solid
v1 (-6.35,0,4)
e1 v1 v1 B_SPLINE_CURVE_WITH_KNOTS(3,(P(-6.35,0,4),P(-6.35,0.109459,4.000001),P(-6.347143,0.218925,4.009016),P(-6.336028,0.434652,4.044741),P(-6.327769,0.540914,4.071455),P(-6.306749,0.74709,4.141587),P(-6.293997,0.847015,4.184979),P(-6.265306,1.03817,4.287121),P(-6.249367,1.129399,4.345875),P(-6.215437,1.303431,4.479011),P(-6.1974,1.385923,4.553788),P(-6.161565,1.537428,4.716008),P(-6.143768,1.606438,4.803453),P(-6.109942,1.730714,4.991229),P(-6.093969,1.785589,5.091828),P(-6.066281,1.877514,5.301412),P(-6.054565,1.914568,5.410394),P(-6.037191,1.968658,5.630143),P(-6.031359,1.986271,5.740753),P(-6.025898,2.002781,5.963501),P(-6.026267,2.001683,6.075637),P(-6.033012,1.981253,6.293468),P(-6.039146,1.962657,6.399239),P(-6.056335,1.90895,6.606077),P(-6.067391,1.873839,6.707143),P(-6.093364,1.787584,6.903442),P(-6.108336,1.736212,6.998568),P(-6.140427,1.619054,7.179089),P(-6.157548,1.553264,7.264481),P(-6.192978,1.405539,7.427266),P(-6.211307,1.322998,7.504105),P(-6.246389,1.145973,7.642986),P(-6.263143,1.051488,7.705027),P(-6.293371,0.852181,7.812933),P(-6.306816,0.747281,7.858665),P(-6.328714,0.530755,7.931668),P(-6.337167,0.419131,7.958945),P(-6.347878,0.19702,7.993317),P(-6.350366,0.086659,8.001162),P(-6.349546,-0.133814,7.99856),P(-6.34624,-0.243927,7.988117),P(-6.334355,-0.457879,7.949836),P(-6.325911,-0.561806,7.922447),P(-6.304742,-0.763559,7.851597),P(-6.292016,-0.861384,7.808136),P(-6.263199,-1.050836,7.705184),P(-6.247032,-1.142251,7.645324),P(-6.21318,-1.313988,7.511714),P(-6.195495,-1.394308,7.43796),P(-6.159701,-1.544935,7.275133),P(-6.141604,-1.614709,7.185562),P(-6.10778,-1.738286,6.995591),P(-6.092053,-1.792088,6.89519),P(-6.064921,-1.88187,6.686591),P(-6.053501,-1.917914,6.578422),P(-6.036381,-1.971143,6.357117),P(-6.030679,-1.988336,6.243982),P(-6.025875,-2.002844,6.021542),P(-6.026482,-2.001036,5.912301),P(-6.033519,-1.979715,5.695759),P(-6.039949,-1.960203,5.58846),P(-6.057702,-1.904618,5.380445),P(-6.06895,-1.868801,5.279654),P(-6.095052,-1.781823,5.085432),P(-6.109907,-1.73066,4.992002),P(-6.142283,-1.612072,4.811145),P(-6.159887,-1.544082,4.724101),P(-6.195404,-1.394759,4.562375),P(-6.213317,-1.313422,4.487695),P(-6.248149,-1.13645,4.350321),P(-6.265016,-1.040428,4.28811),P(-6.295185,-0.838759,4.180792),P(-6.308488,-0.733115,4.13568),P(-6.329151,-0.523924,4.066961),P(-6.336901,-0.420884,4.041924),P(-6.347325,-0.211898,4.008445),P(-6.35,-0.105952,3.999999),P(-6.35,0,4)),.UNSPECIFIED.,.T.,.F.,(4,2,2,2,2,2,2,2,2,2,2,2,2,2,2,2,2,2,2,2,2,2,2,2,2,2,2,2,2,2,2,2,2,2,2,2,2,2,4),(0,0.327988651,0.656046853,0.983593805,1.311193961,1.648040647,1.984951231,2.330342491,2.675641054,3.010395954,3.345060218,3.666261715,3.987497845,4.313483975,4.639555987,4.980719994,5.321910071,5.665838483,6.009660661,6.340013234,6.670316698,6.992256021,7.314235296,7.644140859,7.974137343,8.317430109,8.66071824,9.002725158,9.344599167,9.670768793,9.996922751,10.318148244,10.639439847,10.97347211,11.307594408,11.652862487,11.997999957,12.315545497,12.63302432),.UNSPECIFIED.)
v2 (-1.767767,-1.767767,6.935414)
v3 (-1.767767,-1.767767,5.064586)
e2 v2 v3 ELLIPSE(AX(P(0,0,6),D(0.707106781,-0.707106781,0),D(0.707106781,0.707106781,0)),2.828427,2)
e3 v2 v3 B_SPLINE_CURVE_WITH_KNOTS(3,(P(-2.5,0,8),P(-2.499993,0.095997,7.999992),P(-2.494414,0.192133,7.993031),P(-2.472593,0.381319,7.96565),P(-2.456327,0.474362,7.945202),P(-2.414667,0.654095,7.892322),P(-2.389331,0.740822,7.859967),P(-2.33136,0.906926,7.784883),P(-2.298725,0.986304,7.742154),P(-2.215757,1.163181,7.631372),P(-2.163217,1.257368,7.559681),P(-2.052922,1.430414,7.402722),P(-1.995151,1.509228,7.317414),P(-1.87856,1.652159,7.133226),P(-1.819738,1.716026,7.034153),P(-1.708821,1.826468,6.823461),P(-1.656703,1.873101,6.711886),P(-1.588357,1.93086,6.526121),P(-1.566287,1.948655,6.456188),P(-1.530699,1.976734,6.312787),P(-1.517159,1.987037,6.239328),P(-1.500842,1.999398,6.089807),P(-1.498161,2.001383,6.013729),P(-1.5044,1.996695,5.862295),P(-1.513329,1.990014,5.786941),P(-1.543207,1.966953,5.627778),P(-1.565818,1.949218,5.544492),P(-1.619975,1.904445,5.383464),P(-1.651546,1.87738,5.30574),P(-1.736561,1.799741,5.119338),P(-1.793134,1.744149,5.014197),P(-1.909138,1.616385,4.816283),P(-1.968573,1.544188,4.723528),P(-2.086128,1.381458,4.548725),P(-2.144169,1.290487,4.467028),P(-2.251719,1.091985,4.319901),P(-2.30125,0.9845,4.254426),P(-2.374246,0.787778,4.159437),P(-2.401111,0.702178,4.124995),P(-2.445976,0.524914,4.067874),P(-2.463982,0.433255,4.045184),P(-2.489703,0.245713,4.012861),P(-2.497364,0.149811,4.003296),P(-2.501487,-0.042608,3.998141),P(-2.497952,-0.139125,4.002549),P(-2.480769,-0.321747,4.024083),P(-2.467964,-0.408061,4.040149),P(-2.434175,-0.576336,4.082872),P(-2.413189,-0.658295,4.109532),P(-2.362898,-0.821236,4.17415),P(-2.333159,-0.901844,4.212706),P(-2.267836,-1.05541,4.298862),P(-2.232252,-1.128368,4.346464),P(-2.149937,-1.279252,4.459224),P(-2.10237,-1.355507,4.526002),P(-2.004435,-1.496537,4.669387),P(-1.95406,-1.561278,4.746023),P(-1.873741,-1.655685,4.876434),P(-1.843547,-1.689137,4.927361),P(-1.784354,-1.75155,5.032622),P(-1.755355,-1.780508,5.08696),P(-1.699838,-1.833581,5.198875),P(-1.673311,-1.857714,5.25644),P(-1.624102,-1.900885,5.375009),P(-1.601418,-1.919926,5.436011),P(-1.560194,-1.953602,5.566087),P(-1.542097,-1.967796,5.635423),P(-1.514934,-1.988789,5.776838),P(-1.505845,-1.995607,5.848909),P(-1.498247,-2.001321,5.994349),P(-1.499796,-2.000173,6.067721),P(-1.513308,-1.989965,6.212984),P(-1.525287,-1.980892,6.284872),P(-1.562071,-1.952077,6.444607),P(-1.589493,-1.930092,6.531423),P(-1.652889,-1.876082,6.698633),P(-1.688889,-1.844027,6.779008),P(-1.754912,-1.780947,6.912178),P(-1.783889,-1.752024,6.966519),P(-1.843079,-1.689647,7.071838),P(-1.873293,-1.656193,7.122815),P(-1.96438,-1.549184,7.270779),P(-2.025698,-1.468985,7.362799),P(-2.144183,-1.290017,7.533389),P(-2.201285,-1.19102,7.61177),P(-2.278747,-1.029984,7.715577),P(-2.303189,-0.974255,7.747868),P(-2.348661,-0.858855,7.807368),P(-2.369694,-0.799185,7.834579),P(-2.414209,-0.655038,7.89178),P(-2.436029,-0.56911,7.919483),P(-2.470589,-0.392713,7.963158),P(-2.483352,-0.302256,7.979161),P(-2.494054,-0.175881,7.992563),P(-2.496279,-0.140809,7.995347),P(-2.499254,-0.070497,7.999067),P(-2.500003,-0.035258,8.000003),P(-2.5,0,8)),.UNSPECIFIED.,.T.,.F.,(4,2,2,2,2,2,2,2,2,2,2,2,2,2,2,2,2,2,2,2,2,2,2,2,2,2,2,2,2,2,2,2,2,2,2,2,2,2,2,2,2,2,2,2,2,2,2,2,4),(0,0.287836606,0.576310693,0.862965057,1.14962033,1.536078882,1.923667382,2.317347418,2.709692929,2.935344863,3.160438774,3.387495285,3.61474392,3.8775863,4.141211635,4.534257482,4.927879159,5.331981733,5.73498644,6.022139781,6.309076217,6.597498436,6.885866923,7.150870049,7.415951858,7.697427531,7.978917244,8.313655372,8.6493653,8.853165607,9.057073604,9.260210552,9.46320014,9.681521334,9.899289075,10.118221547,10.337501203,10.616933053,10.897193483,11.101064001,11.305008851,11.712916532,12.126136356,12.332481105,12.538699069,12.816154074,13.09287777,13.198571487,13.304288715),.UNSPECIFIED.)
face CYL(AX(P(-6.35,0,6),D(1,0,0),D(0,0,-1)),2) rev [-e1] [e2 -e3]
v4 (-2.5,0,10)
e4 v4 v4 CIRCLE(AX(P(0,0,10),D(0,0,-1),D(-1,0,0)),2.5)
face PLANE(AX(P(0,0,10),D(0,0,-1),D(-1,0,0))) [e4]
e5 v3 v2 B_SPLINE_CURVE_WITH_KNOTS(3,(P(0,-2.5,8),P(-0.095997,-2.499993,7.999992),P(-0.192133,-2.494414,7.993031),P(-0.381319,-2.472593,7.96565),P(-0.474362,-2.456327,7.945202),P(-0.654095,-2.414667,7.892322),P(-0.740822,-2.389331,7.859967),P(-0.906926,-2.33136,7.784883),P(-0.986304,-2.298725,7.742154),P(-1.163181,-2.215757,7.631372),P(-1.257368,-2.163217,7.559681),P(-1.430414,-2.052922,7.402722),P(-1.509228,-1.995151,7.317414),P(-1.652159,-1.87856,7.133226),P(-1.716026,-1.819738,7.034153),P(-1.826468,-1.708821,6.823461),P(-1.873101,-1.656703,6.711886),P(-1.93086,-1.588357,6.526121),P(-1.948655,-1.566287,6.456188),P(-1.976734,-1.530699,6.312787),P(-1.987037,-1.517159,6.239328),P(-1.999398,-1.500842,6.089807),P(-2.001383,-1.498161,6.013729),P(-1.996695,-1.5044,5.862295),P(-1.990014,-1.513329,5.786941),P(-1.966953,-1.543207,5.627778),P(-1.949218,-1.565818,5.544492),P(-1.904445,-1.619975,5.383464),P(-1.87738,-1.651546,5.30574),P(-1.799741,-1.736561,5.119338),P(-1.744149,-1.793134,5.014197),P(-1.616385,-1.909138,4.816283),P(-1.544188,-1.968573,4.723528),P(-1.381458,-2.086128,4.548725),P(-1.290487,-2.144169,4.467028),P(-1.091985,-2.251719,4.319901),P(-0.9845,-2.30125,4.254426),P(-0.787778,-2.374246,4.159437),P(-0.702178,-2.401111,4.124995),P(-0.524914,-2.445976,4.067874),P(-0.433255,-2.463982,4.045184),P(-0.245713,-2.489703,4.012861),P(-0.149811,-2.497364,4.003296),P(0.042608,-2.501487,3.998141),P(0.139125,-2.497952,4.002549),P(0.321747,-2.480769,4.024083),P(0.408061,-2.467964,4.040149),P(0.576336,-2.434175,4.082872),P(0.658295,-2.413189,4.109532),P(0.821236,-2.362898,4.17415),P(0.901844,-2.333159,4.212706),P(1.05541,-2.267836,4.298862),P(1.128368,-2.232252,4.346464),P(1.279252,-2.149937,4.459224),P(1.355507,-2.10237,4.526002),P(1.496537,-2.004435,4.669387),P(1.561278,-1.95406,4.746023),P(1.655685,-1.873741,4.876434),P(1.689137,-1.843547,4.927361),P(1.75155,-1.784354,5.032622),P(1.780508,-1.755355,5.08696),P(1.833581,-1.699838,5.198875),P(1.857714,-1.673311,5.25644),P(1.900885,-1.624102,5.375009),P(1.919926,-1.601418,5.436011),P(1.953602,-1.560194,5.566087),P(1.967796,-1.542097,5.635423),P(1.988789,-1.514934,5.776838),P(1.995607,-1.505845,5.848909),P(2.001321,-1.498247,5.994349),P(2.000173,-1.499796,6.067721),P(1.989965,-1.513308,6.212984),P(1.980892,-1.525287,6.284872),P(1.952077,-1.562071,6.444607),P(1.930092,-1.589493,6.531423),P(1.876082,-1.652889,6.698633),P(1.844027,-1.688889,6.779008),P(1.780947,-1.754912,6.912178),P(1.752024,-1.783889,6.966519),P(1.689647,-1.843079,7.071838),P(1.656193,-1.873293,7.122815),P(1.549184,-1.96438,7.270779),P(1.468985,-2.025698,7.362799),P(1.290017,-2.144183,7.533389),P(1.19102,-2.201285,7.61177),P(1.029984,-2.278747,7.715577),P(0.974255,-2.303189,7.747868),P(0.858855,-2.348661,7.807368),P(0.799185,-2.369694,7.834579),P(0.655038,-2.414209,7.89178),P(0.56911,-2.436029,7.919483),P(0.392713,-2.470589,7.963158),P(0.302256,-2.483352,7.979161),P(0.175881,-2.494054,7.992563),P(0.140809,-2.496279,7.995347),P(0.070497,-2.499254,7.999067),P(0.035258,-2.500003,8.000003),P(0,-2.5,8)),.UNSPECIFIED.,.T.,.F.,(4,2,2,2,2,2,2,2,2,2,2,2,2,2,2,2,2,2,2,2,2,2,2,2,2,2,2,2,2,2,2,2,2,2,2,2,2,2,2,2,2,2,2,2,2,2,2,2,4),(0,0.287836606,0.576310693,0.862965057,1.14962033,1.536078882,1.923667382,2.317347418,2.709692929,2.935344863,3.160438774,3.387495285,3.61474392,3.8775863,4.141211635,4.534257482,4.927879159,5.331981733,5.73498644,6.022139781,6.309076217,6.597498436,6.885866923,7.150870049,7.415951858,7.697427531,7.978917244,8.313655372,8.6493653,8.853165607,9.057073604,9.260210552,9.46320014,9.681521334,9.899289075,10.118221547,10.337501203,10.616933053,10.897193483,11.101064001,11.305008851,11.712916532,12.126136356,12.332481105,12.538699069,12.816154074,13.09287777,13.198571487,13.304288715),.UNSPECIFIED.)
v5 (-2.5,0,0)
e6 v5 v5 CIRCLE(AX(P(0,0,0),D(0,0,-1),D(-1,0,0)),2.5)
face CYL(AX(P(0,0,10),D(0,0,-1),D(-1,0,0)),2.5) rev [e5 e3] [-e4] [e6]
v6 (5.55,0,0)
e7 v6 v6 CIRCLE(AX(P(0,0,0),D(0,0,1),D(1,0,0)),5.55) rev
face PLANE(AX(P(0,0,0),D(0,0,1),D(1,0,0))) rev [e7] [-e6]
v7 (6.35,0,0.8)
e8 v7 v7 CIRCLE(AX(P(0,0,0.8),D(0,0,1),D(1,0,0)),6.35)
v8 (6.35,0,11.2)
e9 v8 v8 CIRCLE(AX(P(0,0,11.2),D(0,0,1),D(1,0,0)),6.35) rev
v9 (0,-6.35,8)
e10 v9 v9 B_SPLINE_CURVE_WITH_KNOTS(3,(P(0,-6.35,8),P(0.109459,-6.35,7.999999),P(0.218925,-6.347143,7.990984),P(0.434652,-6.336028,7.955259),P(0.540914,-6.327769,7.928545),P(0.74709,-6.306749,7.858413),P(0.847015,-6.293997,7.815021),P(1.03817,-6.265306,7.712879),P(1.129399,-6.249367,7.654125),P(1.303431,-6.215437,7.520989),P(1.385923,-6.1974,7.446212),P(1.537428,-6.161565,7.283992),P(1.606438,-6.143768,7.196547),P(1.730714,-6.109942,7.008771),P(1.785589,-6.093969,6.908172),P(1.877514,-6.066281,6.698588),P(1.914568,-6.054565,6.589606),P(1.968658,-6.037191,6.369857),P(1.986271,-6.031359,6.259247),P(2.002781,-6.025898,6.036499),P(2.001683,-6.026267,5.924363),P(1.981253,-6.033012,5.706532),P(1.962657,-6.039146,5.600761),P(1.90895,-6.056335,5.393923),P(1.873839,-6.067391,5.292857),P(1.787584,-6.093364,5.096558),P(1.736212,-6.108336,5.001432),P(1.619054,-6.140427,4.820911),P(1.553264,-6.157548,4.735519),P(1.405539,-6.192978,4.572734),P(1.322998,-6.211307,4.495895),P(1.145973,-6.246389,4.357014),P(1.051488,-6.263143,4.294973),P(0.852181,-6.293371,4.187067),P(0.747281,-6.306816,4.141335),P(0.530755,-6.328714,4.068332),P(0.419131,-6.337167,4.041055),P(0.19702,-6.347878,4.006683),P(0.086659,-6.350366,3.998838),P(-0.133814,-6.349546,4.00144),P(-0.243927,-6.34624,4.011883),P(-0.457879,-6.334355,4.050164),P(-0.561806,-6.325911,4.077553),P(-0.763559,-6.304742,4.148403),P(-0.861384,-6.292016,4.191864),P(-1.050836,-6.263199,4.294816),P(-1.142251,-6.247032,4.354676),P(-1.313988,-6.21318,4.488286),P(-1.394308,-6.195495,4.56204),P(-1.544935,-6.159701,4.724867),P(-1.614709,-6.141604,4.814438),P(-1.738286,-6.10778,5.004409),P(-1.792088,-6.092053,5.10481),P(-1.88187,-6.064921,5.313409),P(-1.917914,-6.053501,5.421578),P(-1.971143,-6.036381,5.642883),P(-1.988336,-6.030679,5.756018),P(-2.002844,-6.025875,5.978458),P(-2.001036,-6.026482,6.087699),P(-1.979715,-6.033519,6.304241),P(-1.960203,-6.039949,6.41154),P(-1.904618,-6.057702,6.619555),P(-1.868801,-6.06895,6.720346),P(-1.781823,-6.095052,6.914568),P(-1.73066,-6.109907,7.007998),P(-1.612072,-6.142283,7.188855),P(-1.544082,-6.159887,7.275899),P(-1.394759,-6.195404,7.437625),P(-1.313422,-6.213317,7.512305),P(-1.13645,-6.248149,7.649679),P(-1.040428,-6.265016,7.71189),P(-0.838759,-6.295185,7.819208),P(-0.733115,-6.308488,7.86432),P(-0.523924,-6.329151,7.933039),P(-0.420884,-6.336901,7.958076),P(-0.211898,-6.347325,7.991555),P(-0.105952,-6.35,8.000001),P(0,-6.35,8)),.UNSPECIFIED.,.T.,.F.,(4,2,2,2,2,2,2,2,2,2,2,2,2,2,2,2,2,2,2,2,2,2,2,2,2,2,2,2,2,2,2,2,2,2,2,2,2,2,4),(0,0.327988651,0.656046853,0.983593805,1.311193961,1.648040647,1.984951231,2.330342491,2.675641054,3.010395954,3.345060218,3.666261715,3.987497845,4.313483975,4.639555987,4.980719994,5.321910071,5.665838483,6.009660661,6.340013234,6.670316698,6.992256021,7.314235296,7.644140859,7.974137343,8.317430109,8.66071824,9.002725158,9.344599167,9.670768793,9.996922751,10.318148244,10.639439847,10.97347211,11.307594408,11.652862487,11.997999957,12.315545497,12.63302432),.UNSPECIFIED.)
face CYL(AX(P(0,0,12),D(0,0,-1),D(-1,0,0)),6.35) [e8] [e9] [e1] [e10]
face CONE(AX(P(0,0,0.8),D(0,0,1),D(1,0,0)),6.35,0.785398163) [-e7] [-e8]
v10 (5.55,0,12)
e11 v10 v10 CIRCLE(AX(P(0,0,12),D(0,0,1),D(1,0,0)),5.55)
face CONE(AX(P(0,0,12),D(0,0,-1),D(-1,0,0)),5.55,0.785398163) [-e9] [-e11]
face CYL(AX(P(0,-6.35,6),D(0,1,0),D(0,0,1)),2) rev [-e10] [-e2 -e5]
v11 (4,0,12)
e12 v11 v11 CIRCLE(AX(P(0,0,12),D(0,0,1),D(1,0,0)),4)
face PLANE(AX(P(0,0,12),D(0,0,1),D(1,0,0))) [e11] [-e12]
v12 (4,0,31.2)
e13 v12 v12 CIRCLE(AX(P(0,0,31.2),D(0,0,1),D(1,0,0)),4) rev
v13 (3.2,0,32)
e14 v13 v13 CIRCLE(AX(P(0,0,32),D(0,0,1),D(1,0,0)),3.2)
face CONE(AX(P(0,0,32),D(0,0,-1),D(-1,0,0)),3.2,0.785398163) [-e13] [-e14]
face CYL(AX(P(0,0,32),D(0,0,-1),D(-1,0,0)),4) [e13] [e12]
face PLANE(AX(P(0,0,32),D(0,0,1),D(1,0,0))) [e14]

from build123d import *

# Parameters (mm, degrees)
CROQUIS1_R              = 6.35
SALIENTE_EXTRUIR1_DEPTH = 12
CROQUIS2_R              = 4
SALIENTE_EXTRUIR2_DEPTH = 20
CROQUIS3_R              = 2.5
CORTAR_EXTRUIR1_DEPTH   = 10
CROQUIS4_R              = 2
CORTAR_EXTRUIR2_DEPTH   = 34.236200144
CROQUIS5_R              = 2
CORTAR_EXTRUIR3_DEPTH   = 34.236200182
CHAFL_N1_SIZE           = 0.8


with BuildPart() as part:
    # Croquis1 → Saliente-Extruir1 (new body)
    with BuildSketch(Plane.XY):
        Circle(CROQUIS1_R)
    extrude(amount=SALIENTE_EXTRUIR1_DEPTH)

    # Croquis2 → Saliente-Extruir2 (add)
    with BuildSketch(Plane.XY.offset(12)):
        Circle(CROQUIS2_R)
    extrude(amount=SALIENTE_EXTRUIR2_DEPTH)

    # Croquis3 → Cortar-Extruir1 (cut)
    with BuildSketch(Plane(origin=(0, 0, 0), x_dir=(-1, 0, 0), z_dir=(0, 0, -1))):
        Circle(CROQUIS3_R)
    extrude(amount=-CORTAR_EXTRUIR1_DEPTH, mode=Mode.SUBTRACT)

    # Croquis4 → Cortar-Extruir2 (cut, through all)
    with BuildSketch(Plane(origin=(0, 0, 0), x_dir=(0, 0, -1), z_dir=(1, 0, 0))):
        with Locations((-6, 0)):
            Circle(CROQUIS4_R)
    extrude(amount=-CORTAR_EXTRUIR2_DEPTH, mode=Mode.SUBTRACT)

    # Croquis5 → Cortar-Extruir3 (cut, through all)
    with BuildSketch(Plane(origin=(0, 0, 0), x_dir=(1, 0, 0), z_dir=(0, 1, 0))):
        with Locations(Location((0, -6, 0), (0, 0, 270))):
            Circle(CROQUIS5_R)
    extrude(amount=-CORTAR_EXTRUIR3_DEPTH, mode=Mode.SUBTRACT)

    # Chaflán1
    chafl_n1_edges = [part.edges().sort_by_distance(p)[0] for p in [
        (-6.35, 0, 0),
        (-6.35, 0, 12),
        (-4, 0, 32),
    ]]
    chamfer(chafl_n1_edges, length=CHAFL_N1_SIZE)


solid = part.part
